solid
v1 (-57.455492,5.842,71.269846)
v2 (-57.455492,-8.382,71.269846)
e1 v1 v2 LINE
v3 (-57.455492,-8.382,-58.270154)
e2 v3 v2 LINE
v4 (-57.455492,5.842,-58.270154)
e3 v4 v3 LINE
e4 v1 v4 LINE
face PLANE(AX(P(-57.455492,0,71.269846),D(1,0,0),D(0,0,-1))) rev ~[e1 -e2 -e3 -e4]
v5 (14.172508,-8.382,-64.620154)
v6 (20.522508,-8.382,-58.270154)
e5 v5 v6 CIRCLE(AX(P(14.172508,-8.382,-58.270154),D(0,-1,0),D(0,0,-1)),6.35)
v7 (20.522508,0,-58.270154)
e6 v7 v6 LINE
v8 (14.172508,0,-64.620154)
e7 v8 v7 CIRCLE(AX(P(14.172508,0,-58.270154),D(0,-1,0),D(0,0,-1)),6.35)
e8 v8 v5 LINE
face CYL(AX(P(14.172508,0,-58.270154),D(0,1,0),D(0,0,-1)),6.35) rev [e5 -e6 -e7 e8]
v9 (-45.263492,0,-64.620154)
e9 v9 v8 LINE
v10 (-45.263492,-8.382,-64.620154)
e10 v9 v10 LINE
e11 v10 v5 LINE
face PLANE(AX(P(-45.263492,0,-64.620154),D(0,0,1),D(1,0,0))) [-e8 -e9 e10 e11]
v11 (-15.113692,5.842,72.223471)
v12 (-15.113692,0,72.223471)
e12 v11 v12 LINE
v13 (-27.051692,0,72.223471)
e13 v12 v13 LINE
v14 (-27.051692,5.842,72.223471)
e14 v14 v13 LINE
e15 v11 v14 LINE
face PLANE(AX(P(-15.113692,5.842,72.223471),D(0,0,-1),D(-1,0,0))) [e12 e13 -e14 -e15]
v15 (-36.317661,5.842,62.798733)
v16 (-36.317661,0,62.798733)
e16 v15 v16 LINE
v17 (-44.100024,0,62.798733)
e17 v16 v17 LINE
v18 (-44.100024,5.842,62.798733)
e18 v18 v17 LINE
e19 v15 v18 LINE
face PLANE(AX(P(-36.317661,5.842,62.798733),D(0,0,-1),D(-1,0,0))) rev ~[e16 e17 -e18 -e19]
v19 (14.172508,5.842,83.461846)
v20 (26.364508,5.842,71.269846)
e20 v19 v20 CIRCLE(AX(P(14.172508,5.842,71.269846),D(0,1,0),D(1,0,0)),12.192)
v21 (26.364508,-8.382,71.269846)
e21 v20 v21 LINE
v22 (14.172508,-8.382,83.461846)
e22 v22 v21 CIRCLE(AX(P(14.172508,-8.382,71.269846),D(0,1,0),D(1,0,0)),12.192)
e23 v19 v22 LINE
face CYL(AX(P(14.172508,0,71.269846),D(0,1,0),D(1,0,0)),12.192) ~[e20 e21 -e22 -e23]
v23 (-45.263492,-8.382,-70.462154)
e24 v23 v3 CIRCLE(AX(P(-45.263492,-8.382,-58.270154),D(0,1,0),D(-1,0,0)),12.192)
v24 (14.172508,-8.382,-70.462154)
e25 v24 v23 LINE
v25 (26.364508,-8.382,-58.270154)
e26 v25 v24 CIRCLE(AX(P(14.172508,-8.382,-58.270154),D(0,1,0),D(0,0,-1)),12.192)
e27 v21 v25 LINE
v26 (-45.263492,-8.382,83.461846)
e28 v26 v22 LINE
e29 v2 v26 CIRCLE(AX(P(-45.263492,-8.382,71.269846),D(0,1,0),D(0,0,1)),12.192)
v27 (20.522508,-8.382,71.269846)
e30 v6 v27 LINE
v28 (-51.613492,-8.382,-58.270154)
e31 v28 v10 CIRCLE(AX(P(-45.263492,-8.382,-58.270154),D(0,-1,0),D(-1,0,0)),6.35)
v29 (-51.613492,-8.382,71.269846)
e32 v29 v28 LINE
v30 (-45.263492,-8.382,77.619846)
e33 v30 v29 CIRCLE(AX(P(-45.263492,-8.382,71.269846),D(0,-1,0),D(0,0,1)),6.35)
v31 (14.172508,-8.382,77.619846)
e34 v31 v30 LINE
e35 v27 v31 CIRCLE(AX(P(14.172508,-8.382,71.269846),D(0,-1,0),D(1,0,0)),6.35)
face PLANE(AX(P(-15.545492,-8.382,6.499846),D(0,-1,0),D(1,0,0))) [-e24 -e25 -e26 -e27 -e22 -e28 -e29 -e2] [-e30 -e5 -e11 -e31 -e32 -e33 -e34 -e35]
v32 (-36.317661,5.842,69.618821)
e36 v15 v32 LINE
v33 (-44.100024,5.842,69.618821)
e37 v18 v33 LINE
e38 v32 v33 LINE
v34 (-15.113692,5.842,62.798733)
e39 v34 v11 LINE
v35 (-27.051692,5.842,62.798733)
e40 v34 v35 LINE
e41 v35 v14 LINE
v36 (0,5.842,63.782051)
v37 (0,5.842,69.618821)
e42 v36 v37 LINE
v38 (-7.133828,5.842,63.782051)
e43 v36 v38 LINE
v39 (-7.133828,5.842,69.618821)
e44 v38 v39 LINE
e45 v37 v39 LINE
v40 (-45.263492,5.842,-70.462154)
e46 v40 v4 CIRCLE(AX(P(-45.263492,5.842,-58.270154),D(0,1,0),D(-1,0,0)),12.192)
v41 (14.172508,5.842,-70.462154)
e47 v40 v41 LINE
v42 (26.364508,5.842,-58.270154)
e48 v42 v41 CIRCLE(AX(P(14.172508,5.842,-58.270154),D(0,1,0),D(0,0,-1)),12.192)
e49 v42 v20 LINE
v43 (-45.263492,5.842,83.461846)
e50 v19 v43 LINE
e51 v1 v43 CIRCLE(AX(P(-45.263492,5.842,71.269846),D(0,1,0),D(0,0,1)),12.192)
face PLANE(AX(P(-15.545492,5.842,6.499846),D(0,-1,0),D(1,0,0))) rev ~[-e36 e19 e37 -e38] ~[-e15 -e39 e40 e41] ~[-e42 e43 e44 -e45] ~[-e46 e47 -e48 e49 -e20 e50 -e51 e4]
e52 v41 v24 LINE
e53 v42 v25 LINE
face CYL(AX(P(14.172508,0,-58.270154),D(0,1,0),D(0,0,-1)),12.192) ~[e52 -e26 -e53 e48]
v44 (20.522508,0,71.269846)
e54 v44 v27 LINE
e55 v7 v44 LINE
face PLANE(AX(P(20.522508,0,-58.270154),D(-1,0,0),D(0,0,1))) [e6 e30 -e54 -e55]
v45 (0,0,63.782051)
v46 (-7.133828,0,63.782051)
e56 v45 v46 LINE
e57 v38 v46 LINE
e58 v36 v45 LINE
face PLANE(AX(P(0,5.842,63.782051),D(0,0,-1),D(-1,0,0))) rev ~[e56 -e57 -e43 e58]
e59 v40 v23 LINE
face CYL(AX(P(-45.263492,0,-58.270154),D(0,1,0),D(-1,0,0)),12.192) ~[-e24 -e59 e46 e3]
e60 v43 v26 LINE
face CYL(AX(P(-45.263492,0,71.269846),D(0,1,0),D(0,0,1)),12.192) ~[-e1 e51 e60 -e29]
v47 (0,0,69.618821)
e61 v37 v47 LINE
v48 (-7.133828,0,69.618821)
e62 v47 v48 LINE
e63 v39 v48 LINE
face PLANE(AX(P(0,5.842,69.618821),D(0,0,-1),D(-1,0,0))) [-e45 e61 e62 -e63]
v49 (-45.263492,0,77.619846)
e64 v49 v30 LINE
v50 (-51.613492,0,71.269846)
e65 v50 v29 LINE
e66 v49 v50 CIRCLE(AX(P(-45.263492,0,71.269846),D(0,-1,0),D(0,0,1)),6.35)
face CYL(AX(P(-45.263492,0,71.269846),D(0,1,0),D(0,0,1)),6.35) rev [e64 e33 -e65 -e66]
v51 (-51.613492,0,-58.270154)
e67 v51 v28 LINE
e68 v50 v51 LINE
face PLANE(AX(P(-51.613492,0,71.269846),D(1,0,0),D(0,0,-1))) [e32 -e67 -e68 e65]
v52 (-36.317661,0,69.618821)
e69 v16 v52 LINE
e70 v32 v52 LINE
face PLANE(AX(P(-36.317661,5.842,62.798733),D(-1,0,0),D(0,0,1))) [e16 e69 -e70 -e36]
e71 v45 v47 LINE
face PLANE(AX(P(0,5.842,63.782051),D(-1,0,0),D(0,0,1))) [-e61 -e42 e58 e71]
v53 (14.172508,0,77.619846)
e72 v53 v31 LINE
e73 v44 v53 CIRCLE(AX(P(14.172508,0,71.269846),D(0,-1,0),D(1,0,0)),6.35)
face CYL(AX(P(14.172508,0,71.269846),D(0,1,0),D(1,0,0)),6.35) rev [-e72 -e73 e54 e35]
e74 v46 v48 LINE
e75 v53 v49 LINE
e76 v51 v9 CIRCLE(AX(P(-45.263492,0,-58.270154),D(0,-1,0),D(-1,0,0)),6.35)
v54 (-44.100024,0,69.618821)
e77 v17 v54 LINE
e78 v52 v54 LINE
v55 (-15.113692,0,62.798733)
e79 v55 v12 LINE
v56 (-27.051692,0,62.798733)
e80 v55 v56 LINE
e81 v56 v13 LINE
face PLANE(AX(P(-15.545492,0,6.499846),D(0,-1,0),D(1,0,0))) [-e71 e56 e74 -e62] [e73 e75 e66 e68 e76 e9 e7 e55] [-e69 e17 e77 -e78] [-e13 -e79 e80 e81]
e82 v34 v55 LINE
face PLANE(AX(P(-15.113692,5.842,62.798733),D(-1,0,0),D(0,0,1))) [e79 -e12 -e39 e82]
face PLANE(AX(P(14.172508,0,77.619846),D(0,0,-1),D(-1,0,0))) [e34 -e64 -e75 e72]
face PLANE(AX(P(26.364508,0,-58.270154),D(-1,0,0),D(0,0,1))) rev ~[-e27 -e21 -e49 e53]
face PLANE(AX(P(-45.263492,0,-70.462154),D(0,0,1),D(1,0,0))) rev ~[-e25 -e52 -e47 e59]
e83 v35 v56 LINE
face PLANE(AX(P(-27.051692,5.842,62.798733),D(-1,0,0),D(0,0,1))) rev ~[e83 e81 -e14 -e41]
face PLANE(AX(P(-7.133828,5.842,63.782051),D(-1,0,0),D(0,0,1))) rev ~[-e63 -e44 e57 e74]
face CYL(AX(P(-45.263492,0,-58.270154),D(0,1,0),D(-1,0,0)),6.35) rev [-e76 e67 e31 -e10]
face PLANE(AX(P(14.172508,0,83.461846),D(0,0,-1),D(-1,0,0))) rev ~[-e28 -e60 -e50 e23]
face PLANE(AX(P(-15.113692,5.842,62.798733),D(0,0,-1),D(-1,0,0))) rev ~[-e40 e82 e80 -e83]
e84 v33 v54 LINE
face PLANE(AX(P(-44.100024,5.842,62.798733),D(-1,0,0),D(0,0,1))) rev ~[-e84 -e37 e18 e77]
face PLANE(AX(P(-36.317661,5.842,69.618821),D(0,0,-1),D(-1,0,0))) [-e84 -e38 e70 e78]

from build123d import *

# Parameters (mm, degrees)
F1_DEPTH = 8.382
F2_T     = 5.842
F3_W     = 7.7823624015
F3_H     = 6.8200882353
F3_W_2   = 7.1338275447
F3_H_2   = 5.8367699385
F3_W_3   = 11.938
F3_H_3   = 9.4247385517
F4_DEPTH = 5.842


with BuildPart() as f1:
    # F0 (on Front) → F1 (new body)
    with BuildSketch(Plane.XZ):
        with BuildLine():
            Line((-45.2634918147, -64.6201544654), (14.1725081853, -64.6201544654))
            ThreePointArc((14.1725081853, -64.6201544654), (18.6626362458, -62.760282526), (20.5225081853, -58.2701544654))
            Line((20.5225081853, -58.2701544654), (20.5225081853, 71.2698455346))
            ThreePointArc((20.5225081853, 71.2698455346), (18.6626362458, 75.7599735951), (14.1725081853, 77.6198455346))
            Line((14.1725081853, 77.6198455346), (-45.2634918147, 77.6198455346))
            ThreePointArc((-45.2634918147, 77.6198455346), (-49.7536198753, 75.7599735951), (-51.6134918147, 71.2698455346))
            Line((-51.6134918147, 71.2698455346), (-51.6134918147, -58.2701544654))
            ThreePointArc((-51.6134918147, -58.2701544654), (-49.7536198753, -62.760282526), (-45.2634918147, -64.6201544654))
        make_face()
    extrude(amount=F1_DEPTH)

    # F2
    f2_openings = [f1.faces().sort_by_distance(p)[0] for p in [
        (-15.545492, -8.382, 6.499846),
    ]]
    offset(amount=F2_T, openings=f2_openings, kind=Kind.INTERSECTION)

    # F3 (on face) → F4 (cut)
    with BuildSketch(Plane(origin=(0, 5.842, 0), x_dir=(-1, 0, 0), z_dir=(0, 1, 0))):
        with Locations((40.2088426054, 66.2087770264)):
            Rectangle(F3_W, F3_H)
        with Locations((3.5669137724, 66.7004361749)):
            Rectangle(F3_W_2, F3_H_2)
        with Locations((21.0826918147, 67.5111021847)):
            Rectangle(F3_W_3, F3_H_3)
    extrude(amount=-F4_DEPTH, mode=Mode.SUBTRACT)


solid = f1.part
